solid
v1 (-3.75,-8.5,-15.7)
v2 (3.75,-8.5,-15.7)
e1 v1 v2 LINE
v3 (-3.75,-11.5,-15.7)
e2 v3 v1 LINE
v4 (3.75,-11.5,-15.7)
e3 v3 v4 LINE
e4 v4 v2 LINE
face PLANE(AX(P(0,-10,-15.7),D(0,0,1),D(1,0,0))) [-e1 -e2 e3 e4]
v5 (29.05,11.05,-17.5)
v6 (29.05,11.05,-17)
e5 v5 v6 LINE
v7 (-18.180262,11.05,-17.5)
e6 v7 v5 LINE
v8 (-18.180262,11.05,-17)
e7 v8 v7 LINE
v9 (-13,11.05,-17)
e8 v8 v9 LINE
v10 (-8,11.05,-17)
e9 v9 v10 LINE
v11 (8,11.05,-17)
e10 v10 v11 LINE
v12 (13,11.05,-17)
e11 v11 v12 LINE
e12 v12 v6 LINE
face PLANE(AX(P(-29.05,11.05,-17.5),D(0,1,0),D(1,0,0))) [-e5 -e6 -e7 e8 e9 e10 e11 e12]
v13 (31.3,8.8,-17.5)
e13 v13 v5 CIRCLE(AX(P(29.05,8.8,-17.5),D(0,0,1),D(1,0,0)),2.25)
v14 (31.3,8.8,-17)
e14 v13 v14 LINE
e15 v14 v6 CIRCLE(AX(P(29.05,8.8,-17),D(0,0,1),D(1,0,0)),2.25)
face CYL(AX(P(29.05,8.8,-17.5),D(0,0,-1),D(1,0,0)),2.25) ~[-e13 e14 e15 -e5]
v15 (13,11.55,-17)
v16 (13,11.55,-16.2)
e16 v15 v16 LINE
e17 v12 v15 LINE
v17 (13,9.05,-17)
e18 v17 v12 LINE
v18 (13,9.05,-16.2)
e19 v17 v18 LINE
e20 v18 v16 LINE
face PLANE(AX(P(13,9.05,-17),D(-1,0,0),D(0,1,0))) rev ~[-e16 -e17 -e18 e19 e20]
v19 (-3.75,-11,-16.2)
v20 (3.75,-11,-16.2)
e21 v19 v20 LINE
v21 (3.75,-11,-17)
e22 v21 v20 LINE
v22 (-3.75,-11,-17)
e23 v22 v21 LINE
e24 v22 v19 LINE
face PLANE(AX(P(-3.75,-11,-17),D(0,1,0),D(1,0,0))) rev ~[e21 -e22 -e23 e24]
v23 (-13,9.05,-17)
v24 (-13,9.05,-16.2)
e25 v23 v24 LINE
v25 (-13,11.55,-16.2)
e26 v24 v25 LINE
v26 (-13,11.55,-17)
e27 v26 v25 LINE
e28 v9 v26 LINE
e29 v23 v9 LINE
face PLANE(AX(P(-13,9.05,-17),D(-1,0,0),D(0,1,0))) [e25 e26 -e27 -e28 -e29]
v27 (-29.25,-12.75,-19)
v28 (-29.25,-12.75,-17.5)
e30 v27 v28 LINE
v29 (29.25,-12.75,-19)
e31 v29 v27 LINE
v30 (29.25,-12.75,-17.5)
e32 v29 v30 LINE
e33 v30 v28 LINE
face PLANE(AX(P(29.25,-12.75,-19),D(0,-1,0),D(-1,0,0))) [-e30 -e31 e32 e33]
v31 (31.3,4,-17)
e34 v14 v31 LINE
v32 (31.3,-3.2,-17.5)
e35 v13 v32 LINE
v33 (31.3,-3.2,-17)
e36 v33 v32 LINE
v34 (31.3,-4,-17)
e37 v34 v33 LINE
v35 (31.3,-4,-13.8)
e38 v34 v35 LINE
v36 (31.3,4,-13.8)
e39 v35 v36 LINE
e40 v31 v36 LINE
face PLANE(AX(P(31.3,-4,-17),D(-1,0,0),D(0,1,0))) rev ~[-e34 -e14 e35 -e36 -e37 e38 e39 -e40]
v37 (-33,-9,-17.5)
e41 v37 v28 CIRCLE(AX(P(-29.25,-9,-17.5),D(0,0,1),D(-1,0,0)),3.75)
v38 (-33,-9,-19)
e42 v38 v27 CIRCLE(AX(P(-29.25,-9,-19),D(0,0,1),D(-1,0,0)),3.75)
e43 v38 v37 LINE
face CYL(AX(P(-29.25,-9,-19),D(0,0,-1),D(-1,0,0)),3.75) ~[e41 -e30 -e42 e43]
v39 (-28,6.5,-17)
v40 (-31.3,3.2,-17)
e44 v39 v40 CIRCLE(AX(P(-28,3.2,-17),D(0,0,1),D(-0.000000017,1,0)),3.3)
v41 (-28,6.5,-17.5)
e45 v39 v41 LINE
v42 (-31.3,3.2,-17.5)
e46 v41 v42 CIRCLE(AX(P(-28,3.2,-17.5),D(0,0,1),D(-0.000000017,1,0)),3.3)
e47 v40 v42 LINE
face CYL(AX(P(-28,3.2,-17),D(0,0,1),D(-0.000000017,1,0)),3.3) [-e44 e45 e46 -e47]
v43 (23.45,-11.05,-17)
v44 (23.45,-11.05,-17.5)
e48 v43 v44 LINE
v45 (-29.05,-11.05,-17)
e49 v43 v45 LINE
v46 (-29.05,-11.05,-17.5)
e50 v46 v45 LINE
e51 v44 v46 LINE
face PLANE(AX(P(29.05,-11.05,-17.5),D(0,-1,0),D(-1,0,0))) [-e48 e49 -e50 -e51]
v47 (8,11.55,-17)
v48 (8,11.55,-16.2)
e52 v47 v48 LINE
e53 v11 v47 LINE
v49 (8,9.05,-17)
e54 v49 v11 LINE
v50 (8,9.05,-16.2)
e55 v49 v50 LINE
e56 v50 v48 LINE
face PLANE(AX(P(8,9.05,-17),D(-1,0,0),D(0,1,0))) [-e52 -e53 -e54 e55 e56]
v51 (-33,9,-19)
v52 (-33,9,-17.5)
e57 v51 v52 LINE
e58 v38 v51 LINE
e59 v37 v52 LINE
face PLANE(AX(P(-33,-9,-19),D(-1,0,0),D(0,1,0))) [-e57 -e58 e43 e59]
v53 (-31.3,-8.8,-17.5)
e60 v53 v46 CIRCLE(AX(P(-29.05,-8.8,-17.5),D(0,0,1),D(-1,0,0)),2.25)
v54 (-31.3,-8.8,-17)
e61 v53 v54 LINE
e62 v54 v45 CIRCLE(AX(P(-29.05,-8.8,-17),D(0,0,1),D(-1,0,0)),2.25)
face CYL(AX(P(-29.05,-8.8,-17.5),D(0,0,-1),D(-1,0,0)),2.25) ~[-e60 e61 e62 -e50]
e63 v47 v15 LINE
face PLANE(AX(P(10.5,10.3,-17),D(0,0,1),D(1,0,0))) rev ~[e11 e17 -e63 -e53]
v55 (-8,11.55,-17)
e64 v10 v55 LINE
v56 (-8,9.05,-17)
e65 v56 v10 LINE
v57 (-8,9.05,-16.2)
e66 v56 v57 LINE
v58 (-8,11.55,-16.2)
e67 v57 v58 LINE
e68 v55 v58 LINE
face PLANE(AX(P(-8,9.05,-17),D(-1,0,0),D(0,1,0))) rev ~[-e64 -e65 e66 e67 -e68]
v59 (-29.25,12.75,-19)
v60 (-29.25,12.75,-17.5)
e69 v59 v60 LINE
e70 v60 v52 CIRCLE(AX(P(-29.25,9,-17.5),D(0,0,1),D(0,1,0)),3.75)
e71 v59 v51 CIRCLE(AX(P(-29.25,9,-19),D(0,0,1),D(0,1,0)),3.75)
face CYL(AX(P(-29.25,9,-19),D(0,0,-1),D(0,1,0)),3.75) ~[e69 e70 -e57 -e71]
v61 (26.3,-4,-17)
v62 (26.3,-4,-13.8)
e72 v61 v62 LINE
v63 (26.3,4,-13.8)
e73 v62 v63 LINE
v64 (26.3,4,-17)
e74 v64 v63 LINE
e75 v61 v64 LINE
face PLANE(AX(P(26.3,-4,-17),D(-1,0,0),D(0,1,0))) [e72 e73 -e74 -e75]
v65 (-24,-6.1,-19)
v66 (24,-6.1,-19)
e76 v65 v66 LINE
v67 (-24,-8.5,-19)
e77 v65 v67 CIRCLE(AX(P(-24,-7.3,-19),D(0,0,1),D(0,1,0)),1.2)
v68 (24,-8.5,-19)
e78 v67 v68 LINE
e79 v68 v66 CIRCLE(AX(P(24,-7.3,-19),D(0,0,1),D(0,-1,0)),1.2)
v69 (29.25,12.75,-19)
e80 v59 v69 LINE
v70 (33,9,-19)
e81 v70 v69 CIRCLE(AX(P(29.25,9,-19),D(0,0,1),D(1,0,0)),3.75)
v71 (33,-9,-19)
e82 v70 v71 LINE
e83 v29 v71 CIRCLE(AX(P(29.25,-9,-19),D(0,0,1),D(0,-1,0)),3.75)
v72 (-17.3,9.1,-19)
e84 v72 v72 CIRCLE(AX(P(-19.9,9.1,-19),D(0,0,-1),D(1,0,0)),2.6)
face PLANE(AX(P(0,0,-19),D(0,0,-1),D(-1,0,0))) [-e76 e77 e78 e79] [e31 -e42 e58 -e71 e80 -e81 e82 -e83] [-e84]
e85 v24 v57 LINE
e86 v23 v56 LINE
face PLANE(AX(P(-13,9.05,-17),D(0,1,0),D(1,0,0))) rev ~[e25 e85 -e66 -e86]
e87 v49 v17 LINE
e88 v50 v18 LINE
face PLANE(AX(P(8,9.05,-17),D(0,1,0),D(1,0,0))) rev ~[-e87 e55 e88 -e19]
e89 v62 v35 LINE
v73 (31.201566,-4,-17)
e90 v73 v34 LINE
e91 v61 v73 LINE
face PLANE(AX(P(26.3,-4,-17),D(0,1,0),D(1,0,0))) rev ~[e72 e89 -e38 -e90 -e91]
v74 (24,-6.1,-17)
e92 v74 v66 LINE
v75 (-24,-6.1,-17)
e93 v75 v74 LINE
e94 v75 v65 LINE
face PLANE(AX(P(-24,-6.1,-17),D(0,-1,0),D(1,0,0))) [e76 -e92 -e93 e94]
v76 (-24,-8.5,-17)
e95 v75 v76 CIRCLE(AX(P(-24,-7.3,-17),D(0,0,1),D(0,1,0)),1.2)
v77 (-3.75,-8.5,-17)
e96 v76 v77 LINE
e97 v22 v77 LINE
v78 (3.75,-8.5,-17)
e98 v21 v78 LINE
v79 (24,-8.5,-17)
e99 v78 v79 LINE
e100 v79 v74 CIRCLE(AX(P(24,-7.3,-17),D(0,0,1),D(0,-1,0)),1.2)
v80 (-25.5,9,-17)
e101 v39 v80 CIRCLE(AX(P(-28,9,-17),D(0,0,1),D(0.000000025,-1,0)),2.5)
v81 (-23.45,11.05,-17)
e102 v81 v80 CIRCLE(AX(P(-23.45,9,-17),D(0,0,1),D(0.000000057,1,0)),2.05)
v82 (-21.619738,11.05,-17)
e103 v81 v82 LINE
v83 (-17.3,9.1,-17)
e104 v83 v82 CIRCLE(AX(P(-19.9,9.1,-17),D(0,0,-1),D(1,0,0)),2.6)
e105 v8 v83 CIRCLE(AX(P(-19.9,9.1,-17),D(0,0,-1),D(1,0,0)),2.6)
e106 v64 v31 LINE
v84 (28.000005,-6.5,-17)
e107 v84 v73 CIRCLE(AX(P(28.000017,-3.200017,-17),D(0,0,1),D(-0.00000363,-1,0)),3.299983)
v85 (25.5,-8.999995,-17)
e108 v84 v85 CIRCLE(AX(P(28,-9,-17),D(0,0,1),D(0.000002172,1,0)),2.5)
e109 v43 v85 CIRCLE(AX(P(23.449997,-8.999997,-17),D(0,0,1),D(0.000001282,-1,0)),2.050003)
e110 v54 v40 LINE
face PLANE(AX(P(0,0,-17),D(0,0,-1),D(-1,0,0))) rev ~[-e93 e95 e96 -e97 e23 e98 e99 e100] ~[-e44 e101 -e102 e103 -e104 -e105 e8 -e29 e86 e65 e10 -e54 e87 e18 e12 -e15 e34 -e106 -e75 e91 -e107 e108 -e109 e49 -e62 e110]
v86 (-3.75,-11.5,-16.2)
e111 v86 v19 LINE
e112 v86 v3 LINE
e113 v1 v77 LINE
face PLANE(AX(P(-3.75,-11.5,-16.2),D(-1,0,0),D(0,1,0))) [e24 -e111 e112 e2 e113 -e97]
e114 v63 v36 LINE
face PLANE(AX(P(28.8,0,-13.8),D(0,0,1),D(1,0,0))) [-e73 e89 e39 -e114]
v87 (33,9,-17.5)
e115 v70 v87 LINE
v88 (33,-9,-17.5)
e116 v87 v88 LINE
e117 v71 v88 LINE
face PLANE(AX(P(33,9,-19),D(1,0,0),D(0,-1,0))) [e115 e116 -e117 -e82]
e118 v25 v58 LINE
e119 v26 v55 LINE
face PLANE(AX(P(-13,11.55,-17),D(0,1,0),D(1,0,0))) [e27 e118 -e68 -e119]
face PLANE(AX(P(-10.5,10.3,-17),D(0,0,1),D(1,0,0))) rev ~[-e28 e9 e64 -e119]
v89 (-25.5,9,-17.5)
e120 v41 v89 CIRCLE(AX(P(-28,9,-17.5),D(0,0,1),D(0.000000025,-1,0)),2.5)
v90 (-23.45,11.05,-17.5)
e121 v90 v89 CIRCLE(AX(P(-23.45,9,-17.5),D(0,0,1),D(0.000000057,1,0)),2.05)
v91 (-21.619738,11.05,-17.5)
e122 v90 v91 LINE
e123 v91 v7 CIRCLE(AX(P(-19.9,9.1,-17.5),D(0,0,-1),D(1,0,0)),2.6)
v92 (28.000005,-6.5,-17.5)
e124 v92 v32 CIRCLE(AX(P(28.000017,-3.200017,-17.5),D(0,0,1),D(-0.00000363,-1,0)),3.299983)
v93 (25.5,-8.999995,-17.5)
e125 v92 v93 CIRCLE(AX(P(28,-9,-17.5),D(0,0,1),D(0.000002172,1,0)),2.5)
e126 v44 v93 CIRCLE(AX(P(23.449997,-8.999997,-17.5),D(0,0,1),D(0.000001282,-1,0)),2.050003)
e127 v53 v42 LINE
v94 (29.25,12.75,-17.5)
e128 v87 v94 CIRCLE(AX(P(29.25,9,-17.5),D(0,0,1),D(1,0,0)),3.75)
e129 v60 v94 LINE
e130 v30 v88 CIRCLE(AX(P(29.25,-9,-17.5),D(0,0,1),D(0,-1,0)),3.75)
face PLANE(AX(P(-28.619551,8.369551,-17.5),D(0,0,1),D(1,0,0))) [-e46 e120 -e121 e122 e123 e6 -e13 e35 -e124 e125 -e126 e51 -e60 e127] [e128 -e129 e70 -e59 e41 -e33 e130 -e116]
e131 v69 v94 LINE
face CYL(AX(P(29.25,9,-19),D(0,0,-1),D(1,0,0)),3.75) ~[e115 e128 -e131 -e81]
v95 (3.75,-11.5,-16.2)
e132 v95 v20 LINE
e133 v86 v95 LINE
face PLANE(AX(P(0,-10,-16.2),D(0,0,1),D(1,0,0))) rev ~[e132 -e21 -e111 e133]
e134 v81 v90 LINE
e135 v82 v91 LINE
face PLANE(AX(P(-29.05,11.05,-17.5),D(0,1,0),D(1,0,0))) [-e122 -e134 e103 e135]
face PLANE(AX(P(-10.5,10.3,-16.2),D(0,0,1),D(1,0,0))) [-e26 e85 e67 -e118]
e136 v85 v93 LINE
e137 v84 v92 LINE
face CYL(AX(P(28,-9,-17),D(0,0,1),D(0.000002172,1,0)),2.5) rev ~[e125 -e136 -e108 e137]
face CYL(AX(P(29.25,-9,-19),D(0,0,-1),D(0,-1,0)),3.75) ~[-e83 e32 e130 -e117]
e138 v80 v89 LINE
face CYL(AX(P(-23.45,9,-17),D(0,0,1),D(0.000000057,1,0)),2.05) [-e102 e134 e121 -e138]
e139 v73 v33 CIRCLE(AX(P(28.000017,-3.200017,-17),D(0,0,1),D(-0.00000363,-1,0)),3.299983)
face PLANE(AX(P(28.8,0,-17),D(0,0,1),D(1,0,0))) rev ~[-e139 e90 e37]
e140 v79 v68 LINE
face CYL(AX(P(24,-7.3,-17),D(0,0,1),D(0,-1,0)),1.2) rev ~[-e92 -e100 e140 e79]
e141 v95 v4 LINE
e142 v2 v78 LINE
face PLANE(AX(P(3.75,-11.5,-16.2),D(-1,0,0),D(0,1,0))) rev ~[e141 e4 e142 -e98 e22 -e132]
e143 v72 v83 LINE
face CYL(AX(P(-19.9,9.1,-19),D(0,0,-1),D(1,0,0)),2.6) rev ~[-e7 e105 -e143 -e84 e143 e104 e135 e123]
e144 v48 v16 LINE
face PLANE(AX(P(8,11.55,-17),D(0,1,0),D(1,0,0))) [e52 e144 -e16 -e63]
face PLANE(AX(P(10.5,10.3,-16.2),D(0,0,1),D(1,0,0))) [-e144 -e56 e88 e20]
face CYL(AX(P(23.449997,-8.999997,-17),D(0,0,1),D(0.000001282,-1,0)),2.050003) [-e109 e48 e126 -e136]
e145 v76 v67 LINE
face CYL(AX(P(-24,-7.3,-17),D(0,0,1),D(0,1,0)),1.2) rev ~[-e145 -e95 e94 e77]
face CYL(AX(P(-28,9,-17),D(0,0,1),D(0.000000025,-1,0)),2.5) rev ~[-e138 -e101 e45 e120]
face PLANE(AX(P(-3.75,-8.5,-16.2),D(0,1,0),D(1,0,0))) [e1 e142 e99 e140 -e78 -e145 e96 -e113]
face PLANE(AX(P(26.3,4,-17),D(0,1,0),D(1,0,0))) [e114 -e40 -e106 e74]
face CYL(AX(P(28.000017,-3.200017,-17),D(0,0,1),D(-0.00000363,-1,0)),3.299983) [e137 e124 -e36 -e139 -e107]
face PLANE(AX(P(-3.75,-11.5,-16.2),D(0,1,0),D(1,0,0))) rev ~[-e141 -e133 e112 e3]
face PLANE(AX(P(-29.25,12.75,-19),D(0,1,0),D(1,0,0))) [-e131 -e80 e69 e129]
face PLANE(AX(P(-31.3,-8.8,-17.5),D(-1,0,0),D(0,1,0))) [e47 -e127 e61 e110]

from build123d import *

# Parameters (mm, degrees)
PAD007_DEPTH    = 1.5
PAD008_DEPTH    = 0.5
SKETCH012_W     = 5
SKETCH012_H     = 2.5
SKETCH012_W_2   = 7.5
PAD009_DEPTH    = 0.8
SKETCH013_W     = 7.5
SKETCH013_H     = 3
PAD010_DEPTH    = 0.5
POCKET003_DEPTH = 0.5
POCKET004_DEPTH = 2
SKETCH021_W     = 5
SKETCH021_H     = 8
PAD013_DEPTH    = 3.2
SKETCH024_R     = 2.6
POCKET007_DEPTH = 5.201


with BuildPart() as part:
    # Sketch010 → Pad007 (new body)
    with BuildSketch(Plane.XY.offset(-19)):
        with BuildLine():
            Line((-29.25, 12.75), (29.25, 12.75))
            ThreePointArc((33, 9), (31.9016504294, 11.6516504294), (29.25, 12.75))
            Line((33, 9), (33, -9))
            ThreePointArc((29.25, -12.75), (31.9016504295, -11.6516504294), (33, -9))
            Line((29.25, -12.75), (-29.25, -12.75))
            ThreePointArc((-33, -9), (-31.9016504294, -11.6516504295), (-29.25, -12.75))
            Line((-33, -9), (-33, 9))
            ThreePointArc((-29.25, 12.75), (-31.9016504294, 11.6516504294), (-33, 9))
        make_face()
    extrude(amount=PAD007_DEPTH)

    # Sketch011 → Pad008 (new body)
    with BuildSketch(Plane.XY.offset(-17.5)):
        with BuildLine():
            Line((-29.05, 11.05), (29.05, 11.05))
            ThreePointArc((31.3, 8.8), (30.6409902577, 10.3909902577), (29.05, 11.05))
            Line((31.3, 8.8), (31.3, -8.8))
            ThreePointArc((29.05, -11.05), (30.6409902577, -10.3909902577), (31.3, -8.8))
            Line((29.05, -11.05), (-29.05, -11.05))
            ThreePointArc((-31.3, -8.8), (-30.6409902577, -10.3909902577), (-29.05, -11.05))
            Line((-31.3, -8.8), (-31.3, 8.8))
            ThreePointArc((-29.05, 11.05), (-30.6409902577, 10.3909902577), (-31.3, 8.8))
        make_face()
    extrude(amount=PAD008_DEPTH)

    # Sketch012 → Pad009 (new body)
    with BuildSketch(Plane.XY.offset(-17)):
        with Locations((-10.5, 10.3)):
            Rectangle(SKETCH012_W, SKETCH012_H)
        with Locations((10.5, 10.3)):
            Rectangle(SKETCH012_W, SKETCH012_H)
        with Locations((0, -9.75)):
            Rectangle(SKETCH012_W_2, SKETCH012_H)
    extrude(amount=PAD009_DEPTH)

    # Sketch013 → Pad010 (new body)
    with BuildSketch(Plane.XY.offset(-16.2)):
        with Locations((0, -10)):
            Rectangle(SKETCH013_W, SKETCH013_H)
    extrude(amount=PAD010_DEPTH)

    # Sketch016 → Pocket003 (cut)
    with BuildSketch(Plane.XY.offset(-17)):
        with BuildLine():
            ThreePointArc((28.00000543, -6.5), (26.2322368866, -7.2322292075), (25.5, -8.99999457))
            ThreePointArc((23.4499998257, -11.05), (24.8995699389, -10.4495662225), (25.5, -8.99999457))
            Line((23.4499998257, -11.25), (23.4499998257, -11.05))
            Line((31.5, -11.25), (23.4499998257, -11.25))
            Line((31.5, -3.1999998258), (31.5, -11.25))
            Line((31.3, -3.1999998258), (31.5, -3.1999998258))
            ThreePointArc((28.00000543, -6.5), (30.3334594583, -5.5334554955), (31.3, -3.1999998258))
        make_face()
        with BuildLine():
            Line((-23.4499998257, 11.05), (-23.4499998257, 11.25))
            Line((-23.4499998257, 11.25), (-31.5, 11.25))
            Line((-31.5, 11.25), (-31.5, 3.1999998257))
            Line((-31.5, 3.1999998257), (-31.3, 3.1999998257))
            ThreePointArc((-27.9999999386, 6.5), (-30.3334523833, 5.5334523035), (-31.3, 3.1999998257))
            ThreePointArc((-27.9999999386, 6.5), (-26.2322330036, 7.2322330904), (-25.5, 9.0000000614))
            ThreePointArc((-23.4499998257, 11.05), (-24.8995688016, 10.4495689682), (-25.5, 9.0000000614))
        make_face()
    extrude(amount=-POCKET003_DEPTH, mode=Mode.SUBTRACT)

    # Sketch017 → Pocket004 (cut)
    with BuildSketch(Plane.XY.offset(-17)):
        with BuildLine():
            ThreePointArc((-24, -6.1), (-25.2, -7.3), (-24, -8.5))
            Line((-24, -8.5), (24, -8.5))
            ThreePointArc((24, -8.5), (25.2, -7.3), (24, -6.1))
            Line((-24, -6.1), (24, -6.1))
        make_face()
    extrude(amount=-POCKET004_DEPTH, mode=Mode.SUBTRACT)

    # Sketch021 → Pad013 (new body)
    with BuildSketch(Plane.XY.offset(-17)):
        with Locations((28.8, 0)):
            Rectangle(SKETCH021_W, SKETCH021_H)
    extrude(amount=PAD013_DEPTH)

    # Sketch024 → Pocket007 (cut, through all)
    with BuildSketch(Plane(origin=(0, 0, -19), x_dir=(1, 0, 0), z_dir=(0, 0, -1))):
        with Locations((-19.9, -9.1)):
            Circle(SKETCH024_R)
    extrude(amount=-POCKET007_DEPTH, mode=Mode.SUBTRACT)


solid = part.part
